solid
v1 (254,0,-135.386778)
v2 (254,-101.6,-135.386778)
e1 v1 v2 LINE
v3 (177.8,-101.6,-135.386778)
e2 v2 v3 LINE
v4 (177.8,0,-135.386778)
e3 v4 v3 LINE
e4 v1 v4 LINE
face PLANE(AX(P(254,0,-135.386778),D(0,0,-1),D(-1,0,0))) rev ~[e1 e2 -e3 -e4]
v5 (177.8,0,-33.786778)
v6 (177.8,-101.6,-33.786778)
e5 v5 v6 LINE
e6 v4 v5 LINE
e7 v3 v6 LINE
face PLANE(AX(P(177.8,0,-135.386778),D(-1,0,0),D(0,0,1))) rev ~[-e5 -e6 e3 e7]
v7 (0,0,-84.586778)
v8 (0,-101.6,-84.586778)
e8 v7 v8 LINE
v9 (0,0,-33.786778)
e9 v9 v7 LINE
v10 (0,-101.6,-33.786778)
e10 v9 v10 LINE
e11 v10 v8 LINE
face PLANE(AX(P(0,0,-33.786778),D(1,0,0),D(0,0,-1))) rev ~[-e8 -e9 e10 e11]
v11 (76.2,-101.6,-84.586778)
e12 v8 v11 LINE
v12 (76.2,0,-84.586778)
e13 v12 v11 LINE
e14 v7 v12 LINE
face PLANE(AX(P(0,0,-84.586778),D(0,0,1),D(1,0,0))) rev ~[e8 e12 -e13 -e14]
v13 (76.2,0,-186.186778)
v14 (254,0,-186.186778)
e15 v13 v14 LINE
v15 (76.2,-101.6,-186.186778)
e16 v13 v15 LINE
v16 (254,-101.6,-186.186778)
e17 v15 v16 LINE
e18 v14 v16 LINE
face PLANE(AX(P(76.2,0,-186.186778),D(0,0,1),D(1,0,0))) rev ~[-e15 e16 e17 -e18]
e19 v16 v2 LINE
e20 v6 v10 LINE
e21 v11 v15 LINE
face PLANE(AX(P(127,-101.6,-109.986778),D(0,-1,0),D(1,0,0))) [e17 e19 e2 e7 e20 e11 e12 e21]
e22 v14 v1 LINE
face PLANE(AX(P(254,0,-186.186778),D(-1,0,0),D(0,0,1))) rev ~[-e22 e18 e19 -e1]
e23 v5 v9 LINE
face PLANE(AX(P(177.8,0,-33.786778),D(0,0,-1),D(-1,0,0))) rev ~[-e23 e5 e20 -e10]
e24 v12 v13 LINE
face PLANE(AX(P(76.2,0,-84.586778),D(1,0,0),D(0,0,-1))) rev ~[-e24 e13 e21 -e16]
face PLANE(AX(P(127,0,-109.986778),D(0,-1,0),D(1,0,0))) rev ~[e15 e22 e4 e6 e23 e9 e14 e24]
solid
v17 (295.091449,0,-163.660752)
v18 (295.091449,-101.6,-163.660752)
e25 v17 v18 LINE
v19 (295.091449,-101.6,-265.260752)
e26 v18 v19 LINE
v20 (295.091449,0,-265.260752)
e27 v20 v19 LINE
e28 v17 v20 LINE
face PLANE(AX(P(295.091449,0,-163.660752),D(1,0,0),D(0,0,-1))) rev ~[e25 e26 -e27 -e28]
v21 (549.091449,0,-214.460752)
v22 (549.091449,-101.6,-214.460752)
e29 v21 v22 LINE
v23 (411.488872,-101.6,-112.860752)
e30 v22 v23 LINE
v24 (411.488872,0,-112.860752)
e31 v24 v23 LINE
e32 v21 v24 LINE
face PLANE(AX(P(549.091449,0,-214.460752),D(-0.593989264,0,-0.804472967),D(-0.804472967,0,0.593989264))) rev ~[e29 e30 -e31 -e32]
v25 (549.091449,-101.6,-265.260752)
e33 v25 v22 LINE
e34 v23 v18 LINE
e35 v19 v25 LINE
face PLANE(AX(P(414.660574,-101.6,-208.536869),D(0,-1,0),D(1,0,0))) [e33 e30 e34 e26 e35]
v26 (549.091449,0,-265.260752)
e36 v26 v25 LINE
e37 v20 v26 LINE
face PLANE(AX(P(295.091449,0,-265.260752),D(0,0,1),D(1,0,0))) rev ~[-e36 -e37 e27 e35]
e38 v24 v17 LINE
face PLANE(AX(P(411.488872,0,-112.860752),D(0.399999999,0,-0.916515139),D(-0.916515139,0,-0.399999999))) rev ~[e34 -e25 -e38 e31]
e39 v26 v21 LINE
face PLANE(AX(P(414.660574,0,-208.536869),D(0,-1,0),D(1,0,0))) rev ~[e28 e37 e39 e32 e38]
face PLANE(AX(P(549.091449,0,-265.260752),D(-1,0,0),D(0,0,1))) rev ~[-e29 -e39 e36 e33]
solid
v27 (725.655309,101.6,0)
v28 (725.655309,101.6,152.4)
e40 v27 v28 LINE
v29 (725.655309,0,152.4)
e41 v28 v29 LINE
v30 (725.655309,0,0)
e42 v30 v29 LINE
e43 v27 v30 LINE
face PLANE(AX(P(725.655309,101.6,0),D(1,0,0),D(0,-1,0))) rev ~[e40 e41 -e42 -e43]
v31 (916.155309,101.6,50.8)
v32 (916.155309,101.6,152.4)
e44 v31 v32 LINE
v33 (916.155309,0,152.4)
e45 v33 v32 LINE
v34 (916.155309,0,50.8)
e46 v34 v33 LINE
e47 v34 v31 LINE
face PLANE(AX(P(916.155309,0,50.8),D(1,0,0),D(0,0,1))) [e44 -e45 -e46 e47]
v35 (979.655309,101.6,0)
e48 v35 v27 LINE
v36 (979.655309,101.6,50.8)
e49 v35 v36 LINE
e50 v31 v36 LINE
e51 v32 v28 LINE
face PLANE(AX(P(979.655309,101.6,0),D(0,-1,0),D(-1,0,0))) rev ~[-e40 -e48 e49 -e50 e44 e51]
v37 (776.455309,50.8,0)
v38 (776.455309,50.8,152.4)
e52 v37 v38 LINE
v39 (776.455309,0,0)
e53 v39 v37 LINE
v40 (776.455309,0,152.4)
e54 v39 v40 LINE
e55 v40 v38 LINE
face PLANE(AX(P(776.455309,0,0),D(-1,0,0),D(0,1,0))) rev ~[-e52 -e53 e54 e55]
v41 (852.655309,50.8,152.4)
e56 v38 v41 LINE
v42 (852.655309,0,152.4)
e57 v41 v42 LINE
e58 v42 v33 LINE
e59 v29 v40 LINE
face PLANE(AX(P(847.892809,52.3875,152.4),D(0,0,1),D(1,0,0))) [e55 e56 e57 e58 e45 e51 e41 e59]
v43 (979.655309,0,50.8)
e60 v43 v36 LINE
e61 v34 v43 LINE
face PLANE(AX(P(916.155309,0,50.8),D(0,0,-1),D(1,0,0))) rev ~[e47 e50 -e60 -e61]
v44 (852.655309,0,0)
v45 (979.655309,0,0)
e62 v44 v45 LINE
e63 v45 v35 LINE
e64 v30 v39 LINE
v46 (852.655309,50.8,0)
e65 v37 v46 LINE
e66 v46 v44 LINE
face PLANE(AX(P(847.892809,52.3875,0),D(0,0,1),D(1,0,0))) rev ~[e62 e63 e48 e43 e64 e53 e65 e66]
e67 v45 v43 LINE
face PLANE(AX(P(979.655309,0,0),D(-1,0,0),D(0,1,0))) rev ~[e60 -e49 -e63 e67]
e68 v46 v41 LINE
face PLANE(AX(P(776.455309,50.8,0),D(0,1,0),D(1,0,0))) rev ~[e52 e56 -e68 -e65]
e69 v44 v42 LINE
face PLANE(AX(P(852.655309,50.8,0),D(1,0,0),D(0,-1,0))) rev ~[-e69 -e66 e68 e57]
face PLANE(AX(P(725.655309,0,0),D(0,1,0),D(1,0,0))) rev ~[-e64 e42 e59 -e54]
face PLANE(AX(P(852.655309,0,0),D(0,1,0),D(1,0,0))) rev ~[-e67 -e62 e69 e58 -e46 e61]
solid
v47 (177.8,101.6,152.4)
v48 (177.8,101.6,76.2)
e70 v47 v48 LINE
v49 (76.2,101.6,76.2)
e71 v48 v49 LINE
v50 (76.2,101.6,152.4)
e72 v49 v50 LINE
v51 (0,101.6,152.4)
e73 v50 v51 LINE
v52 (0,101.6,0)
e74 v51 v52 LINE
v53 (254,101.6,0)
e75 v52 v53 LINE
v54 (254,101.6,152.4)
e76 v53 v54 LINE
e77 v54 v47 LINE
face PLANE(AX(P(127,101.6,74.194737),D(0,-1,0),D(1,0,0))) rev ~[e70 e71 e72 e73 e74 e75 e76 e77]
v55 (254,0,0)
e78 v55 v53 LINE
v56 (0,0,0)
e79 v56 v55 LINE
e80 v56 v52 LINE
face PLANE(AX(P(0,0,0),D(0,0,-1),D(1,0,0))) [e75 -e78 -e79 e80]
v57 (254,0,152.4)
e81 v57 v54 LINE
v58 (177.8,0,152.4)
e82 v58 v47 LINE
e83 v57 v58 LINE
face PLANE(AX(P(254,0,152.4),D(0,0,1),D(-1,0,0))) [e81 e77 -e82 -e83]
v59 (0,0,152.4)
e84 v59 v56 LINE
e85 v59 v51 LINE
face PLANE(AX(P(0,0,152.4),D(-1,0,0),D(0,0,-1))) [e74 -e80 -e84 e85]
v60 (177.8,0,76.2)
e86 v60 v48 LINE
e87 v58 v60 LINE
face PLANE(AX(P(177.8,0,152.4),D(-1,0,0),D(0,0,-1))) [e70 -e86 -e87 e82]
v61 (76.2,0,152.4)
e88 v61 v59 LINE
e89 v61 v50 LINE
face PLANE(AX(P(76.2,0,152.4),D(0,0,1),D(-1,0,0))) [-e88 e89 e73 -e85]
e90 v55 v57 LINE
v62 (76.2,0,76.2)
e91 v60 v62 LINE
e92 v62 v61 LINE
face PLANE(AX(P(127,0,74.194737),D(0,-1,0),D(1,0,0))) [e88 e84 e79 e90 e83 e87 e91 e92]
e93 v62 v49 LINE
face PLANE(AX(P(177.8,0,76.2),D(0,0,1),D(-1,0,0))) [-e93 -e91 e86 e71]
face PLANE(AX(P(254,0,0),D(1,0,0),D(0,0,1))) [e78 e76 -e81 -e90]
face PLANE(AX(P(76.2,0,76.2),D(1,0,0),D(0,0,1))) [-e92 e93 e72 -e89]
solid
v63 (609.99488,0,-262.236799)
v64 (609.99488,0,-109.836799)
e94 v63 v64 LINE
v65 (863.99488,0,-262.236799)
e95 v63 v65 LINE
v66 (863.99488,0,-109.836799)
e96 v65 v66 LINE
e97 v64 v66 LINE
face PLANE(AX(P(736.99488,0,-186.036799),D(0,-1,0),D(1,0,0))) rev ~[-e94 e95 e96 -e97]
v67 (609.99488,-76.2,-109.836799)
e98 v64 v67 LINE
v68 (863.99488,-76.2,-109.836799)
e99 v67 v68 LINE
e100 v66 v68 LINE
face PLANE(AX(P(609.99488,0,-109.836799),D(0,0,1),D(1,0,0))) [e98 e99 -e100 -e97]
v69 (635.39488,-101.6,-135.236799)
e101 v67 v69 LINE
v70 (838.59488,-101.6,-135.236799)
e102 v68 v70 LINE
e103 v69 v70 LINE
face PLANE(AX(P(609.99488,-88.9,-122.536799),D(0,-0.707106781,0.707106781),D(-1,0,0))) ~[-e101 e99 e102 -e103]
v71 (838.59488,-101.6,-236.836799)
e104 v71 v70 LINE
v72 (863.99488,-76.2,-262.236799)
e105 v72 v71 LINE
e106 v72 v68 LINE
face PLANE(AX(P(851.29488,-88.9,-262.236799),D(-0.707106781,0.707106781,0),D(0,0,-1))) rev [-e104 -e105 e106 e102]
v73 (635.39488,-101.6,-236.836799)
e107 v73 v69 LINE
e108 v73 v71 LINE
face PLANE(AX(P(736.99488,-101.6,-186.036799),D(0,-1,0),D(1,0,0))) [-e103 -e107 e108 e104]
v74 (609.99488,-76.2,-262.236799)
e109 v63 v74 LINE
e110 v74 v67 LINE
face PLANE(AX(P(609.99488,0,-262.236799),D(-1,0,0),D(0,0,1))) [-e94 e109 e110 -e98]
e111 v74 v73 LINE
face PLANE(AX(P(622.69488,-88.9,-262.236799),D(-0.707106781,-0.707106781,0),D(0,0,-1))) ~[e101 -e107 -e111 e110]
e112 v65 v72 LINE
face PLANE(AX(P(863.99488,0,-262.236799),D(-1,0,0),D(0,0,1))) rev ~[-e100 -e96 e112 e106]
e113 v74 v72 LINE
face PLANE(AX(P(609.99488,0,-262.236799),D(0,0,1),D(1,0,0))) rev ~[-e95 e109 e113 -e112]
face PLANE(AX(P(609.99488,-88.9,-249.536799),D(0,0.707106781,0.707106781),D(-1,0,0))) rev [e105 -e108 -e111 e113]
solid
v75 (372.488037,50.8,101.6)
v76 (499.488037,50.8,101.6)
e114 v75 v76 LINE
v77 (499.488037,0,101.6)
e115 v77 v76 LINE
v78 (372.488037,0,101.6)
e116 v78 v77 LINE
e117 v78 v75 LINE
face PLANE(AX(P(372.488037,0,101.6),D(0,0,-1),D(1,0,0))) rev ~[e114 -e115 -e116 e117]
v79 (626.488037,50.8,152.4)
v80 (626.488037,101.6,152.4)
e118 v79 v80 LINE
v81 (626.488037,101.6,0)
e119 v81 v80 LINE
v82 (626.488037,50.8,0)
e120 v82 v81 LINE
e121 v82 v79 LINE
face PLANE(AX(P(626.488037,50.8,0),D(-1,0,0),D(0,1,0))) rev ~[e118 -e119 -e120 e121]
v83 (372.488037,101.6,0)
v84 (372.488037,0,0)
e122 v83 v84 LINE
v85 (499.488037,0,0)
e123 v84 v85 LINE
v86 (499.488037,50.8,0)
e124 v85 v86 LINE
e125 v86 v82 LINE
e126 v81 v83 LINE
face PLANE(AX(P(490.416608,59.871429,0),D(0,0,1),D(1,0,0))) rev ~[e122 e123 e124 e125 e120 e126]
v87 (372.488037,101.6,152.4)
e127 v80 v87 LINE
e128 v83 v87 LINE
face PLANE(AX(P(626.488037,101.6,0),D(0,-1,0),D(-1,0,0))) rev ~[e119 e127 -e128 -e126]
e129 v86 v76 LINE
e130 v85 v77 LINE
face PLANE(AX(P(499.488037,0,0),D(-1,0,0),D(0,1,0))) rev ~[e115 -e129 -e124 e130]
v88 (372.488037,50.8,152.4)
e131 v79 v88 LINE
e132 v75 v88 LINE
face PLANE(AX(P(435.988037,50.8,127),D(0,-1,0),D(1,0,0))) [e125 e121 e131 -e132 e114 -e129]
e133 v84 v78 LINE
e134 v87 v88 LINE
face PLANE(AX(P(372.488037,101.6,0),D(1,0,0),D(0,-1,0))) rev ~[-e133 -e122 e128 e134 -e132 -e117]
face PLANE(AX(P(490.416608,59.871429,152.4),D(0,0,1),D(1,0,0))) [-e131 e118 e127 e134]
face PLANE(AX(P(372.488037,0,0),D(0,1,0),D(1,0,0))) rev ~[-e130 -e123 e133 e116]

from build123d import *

# Parameters (mm, degrees)
F1_DEPTH  = 101.6
F3_DEPTH  = 152.4
F4_W      = 127
F4_H      = 50.8
F5_DEPTH  = 50.8
F7_DEPTH  = 152.4
F8_W      = 63.5
F8_H      = 101.6
F9_DEPTH  = 101.6
F12_DEPTH = 101.6
F13_DEPTH = 101.6
F14_W     = 254
F14_H     = 152.4
F15_DEPTH = 101.6
F16_SIZE  = 25.4


with BuildPart() as f1:
    # F0 (on Front) → F1 (new body)
    with BuildSketch(Plane.XZ):
        Polygon((0, 152.4), (0, 0), (254, 0), (254, 152.4), (177.8, 152.4), (177.8, 76.2), (76.2, 76.2), (76.2, 152.4), align=None)
    extrude(amount=-F1_DEPTH)


with BuildPart() as f3:
    # F2 (on Top) → F3 (new body)
    with BuildSketch(Plane.XY):
        Polygon((372.488037, 101.6), (372.488037, 0), (499.488037, 0), (499.488037, 50.8), (626.488037, 50.8), (626.488037, 101.6), align=None)
    extrude(amount=F3_DEPTH)

    # F4 (on face) → F5 (cut)
    with BuildSketch(Plane.XZ):
        with Locations((435.988037, 127)):
            Rectangle(F4_W, F4_H)
    extrude(amount=-F5_DEPTH, mode=Mode.SUBTRACT)


with BuildPart() as f7:
    # F6 (on Top) → F7 (new body)
    with BuildSketch(Plane.XY):
        Polygon((979.655309, 101.6), (725.655309, 101.6), (725.655309, 0), (776.455309, 0), (776.455309, 50.8), (852.655309, 50.8), (852.655309, 0), (979.655309, 0), align=None)
    extrude(amount=F7_DEPTH)

    # F8 (on face) → F9 (cut)
    with BuildSketch(Plane.XZ):
        with Locations((947.905309, 101.6)):
            Rectangle(F8_W, F8_H)
    extrude(amount=-F9_DEPTH, mode=Mode.SUBTRACT)


with BuildPart() as f12:
    # F10 (on Front) → F12 (new body)
    with BuildSketch(Plane.XZ):
        Polygon((177.8, -33.786778), (0, -33.786778), (0, -84.586778), (76.2, -84.586778), (76.2, -186.186778), (254, -186.186778), (254, -135.386778), (177.8, -135.386778), align=None)
    extrude(amount=F12_DEPTH)


with BuildPart() as f13:
    # F11 (on Front) → F13 (new body)
    with BuildSketch(Plane.XZ):
        Polygon((411.488872, -112.860752), (295.091449, -163.660752), (295.091449, -265.260752), (549.091449, -265.260752), (549.091449, -214.460752), align=None)
    extrude(amount=F13_DEPTH)


with BuildPart() as f15:
    # F14 (on Front) → F15 (new body)
    with BuildSketch(Plane.XZ):
        with Locations((736.99488, -186.036799)):
            Rectangle(F14_W, F14_H)
    extrude(amount=F15_DEPTH)

    # F16
    f16_edges = [f15.edges().sort_by_distance(p)[0] for p in [
        (736.99488, -101.6, -109.836799),
        (609.99488, -101.6, -186.036799),
        (736.99488, -101.6, -262.236799),
        (863.99488, -101.6, -186.036799),
    ]]
    chamfer(f16_edges, length=F16_SIZE)


solid = Compound([f1.part, f3.part, f7.part, f12.part, f13.part, f15.part])
